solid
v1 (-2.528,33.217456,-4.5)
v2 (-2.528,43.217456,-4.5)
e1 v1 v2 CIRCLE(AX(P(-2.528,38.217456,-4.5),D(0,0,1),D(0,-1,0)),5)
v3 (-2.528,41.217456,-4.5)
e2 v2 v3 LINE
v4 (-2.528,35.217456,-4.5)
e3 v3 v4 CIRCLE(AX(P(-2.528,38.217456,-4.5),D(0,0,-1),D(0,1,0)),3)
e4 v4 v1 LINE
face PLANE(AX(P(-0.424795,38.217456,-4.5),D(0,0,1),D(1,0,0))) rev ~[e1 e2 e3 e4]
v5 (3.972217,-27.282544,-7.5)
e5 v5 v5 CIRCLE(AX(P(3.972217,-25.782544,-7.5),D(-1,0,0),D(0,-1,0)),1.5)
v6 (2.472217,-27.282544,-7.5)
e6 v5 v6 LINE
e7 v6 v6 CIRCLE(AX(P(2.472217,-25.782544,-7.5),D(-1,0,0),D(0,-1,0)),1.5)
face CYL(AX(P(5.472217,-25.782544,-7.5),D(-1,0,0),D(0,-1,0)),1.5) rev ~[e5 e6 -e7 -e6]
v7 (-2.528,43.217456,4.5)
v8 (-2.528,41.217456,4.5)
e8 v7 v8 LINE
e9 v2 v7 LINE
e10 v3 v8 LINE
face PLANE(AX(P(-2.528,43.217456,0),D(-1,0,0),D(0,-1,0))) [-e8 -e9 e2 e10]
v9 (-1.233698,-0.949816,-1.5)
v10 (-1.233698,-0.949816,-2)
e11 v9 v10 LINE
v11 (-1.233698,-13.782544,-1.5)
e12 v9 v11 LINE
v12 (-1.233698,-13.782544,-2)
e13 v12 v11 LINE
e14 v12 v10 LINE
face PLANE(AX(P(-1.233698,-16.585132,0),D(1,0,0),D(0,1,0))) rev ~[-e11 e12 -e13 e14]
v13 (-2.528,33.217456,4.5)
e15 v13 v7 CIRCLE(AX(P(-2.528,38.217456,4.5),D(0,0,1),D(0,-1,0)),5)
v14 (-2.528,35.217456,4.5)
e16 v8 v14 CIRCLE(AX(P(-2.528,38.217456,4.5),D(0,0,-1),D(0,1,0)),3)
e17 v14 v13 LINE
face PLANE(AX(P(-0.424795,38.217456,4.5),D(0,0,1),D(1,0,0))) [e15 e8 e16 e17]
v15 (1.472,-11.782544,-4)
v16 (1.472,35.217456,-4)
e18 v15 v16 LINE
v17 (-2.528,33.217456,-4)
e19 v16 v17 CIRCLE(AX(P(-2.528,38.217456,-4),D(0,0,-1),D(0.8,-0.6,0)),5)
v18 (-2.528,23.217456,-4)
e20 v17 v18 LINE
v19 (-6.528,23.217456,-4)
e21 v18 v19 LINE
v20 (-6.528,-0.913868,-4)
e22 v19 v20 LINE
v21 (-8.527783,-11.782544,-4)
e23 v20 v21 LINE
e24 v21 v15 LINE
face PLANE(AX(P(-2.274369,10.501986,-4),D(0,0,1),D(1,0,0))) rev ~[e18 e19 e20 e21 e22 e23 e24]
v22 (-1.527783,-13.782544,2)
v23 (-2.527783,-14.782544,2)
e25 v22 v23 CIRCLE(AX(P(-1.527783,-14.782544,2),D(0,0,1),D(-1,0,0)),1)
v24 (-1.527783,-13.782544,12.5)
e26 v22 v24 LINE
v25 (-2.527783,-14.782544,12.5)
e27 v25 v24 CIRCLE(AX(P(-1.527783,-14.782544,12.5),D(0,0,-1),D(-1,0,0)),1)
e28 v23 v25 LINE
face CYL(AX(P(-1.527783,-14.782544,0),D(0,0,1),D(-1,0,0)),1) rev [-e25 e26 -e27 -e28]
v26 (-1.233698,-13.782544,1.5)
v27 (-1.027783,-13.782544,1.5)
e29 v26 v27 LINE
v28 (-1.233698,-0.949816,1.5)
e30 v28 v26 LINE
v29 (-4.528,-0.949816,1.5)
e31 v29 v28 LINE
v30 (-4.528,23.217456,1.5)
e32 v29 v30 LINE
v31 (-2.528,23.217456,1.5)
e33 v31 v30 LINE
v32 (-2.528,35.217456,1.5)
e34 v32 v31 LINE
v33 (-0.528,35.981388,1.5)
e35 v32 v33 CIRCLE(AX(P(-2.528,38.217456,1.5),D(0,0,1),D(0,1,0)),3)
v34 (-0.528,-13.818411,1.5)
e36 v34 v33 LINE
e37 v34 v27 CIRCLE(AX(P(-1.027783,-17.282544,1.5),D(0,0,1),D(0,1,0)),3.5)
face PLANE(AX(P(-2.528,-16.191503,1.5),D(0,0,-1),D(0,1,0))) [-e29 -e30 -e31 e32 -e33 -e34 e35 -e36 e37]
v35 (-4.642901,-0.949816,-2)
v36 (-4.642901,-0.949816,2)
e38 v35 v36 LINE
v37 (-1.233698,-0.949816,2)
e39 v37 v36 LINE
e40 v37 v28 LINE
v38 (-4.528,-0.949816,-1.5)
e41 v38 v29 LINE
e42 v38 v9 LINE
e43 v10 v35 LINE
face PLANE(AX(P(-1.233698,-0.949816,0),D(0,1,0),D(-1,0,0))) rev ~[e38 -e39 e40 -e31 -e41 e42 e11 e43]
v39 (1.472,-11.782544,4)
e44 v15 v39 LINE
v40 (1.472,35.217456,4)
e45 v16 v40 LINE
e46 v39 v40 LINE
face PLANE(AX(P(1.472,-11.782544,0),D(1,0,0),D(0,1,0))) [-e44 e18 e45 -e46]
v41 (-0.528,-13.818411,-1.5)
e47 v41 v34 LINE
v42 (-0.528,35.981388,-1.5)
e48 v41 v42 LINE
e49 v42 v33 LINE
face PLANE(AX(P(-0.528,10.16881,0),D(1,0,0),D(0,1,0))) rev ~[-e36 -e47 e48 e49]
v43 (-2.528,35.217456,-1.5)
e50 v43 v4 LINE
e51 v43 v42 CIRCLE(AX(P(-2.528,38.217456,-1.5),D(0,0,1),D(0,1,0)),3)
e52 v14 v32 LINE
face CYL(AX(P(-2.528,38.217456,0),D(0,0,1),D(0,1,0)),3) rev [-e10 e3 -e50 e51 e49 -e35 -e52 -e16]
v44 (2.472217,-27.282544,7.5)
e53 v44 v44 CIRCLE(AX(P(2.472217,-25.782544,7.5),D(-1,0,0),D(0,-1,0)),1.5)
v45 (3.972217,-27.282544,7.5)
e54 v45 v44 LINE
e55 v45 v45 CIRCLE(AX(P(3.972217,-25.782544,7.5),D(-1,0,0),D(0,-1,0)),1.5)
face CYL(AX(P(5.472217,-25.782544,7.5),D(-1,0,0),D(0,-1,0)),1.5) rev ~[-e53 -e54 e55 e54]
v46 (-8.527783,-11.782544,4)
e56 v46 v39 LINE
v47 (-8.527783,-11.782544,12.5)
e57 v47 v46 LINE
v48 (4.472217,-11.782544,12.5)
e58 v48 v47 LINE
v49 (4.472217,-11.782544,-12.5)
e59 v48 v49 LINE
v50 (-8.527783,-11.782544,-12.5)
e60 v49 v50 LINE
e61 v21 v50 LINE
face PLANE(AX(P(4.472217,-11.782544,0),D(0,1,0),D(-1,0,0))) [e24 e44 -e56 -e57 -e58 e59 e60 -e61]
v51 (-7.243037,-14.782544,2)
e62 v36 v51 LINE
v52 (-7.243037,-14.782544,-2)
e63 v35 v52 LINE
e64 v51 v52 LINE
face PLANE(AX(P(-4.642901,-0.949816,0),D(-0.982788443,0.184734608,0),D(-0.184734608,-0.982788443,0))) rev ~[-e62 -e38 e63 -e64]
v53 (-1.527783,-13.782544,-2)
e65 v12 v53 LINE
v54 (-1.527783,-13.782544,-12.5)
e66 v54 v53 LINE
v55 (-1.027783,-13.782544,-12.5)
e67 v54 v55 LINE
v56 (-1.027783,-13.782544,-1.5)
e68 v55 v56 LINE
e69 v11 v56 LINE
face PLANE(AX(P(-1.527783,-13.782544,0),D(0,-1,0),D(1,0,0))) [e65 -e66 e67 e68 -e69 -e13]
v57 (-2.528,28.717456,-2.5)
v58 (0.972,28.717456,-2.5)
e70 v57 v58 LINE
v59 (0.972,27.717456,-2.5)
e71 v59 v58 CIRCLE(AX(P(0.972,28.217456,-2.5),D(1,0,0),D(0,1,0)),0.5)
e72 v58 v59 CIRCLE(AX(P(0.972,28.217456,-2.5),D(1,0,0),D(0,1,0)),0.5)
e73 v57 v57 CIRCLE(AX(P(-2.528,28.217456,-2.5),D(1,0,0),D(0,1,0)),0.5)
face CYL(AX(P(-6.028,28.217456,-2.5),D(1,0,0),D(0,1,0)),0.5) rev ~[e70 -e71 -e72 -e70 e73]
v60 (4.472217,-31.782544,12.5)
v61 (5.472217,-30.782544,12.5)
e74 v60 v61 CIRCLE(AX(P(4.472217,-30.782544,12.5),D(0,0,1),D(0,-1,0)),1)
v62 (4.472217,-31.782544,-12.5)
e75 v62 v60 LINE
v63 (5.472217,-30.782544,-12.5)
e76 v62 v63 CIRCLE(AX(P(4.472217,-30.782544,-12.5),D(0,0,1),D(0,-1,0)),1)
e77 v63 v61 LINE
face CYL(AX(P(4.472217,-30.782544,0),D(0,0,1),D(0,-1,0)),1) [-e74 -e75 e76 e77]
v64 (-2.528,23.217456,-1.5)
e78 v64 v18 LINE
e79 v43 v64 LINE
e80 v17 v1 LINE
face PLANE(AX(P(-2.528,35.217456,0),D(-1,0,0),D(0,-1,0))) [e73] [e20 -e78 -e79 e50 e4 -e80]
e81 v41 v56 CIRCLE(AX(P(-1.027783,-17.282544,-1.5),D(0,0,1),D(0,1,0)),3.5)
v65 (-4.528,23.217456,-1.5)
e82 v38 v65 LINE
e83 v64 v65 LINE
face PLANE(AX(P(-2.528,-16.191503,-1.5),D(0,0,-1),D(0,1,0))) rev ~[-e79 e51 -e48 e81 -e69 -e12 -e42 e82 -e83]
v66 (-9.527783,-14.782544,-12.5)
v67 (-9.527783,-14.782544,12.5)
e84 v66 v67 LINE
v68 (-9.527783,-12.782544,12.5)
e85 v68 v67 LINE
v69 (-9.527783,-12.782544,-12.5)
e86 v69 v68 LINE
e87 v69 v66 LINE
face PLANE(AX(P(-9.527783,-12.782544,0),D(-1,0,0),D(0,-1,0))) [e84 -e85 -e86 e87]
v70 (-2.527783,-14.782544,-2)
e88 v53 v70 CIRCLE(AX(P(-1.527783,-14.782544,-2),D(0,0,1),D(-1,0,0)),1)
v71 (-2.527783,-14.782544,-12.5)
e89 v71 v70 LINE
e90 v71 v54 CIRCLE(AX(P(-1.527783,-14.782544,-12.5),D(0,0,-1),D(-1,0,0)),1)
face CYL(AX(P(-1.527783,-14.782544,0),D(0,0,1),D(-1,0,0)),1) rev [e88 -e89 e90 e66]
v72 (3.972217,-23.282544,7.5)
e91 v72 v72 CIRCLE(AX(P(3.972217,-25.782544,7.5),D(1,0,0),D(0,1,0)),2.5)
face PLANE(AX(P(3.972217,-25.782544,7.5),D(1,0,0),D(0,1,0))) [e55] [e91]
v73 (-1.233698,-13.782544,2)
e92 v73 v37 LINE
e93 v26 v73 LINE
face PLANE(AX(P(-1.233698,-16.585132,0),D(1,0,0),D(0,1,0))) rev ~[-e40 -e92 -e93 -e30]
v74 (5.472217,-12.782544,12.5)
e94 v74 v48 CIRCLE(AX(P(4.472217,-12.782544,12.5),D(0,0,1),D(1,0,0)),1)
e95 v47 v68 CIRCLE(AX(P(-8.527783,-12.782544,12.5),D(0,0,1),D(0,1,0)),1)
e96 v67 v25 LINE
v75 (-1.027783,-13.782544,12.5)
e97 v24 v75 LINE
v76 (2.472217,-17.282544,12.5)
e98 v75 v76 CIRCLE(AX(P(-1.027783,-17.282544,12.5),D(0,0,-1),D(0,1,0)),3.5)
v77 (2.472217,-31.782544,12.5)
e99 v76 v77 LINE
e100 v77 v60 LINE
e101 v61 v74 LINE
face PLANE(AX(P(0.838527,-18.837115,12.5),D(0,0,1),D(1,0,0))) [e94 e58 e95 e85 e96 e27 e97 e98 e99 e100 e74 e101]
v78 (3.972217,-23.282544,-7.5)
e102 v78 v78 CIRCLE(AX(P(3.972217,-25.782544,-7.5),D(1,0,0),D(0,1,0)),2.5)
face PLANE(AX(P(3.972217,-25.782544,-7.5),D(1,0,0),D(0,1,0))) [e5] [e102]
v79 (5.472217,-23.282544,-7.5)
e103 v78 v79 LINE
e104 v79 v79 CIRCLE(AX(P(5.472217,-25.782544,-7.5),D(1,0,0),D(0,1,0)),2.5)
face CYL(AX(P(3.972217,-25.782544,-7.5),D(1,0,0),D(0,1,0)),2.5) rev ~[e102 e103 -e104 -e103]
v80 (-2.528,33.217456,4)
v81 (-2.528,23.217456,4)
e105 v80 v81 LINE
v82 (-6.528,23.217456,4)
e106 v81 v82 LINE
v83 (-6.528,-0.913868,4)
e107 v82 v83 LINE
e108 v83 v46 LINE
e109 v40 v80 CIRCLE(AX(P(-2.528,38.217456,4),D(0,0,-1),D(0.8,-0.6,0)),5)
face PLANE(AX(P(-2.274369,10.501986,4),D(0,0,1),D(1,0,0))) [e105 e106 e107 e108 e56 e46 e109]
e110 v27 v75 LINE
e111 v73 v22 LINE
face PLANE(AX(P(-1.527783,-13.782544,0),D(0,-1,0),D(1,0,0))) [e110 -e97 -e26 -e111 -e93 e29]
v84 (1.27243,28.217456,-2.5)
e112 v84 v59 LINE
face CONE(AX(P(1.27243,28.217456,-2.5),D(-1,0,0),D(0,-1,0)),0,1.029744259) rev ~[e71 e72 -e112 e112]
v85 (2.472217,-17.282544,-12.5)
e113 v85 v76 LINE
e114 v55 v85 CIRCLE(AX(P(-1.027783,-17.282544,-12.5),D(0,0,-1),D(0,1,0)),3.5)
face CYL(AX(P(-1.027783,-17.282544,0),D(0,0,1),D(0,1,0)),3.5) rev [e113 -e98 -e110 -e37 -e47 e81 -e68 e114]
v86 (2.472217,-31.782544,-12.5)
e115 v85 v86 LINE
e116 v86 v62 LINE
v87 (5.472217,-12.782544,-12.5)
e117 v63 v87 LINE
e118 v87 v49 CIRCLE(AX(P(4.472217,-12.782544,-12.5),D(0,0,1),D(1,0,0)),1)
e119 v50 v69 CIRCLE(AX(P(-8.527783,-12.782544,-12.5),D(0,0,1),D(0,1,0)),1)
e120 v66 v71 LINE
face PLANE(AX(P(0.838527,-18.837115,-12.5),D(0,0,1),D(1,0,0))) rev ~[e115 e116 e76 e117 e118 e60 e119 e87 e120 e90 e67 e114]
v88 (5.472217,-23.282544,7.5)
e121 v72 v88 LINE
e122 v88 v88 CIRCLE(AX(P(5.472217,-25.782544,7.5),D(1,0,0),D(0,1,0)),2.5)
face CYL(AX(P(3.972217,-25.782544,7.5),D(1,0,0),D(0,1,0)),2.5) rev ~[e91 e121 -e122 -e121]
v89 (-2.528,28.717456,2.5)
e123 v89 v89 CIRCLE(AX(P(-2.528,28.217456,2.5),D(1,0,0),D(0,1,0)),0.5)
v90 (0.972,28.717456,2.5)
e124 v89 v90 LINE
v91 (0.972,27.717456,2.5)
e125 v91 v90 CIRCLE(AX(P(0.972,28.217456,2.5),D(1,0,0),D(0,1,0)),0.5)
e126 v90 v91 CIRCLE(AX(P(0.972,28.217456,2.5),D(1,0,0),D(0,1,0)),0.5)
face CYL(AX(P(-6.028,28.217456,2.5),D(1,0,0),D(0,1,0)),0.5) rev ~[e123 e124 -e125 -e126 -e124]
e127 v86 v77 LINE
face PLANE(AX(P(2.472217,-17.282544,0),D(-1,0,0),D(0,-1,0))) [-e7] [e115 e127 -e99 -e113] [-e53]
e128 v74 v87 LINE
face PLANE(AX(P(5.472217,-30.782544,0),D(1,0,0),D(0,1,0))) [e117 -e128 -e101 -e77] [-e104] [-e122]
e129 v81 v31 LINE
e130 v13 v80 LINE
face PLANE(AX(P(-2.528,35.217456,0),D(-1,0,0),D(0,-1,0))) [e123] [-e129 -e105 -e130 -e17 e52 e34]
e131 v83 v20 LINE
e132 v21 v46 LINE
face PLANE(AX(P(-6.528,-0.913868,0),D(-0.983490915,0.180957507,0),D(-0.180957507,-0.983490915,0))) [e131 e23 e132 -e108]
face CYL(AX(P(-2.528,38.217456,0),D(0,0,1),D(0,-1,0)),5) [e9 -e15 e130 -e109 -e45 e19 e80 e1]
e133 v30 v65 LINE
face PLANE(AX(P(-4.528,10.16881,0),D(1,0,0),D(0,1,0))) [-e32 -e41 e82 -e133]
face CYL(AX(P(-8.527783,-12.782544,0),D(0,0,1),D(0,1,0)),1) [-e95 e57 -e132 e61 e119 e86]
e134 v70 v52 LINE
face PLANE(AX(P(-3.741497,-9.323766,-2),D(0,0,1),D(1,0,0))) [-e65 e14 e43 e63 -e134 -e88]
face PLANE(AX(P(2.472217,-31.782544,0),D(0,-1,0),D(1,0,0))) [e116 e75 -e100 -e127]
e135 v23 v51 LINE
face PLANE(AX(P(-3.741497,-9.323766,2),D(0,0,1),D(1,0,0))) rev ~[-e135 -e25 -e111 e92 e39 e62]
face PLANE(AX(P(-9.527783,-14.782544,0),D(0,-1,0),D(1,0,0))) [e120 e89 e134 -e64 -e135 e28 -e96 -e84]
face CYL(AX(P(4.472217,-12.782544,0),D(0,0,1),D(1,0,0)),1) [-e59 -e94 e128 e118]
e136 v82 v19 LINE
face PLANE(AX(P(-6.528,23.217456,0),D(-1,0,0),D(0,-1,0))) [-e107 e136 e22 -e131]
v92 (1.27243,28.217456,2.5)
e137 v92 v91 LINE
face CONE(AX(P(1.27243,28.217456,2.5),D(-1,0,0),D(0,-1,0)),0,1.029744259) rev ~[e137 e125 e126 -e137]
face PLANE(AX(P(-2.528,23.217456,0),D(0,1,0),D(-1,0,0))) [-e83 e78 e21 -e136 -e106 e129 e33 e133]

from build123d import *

# Parameters (mm, degrees)
F1_DEPTH       = 12.5
F3_D           = 3
F3_CBORE_D     = 5
F3_CBORE_DEPTH = 1.5
F4_DEPTH       = 4
F5_DEPTH       = 4.5
F7_W           = 52.7206266809
F7_H           = 3
F8_DEPTH       = 2
F10_DEPTH      = 2
F12_D          = 1
F12_DEPTH      = 3.5
F12_TIP        = 0.3004303095


with BuildPart() as f1:
    # F0 (on Top) → F1 (new body, symmetric)
    with BuildSketch(Plane.XY):
        with BuildLine():
            Line((-6.5277831331, -11.7825440413), (-8.5277831331, -11.7825440413))
            ThreePointArc((-8.5277831331, -11.7825440413), (-9.2348899143, -12.0754372601), (-9.5277831331, -12.7825440413))
            Line((-9.5277831331, -12.7825440413), (-9.5277831331, -14.7825440413))
            Line((-9.5277831331, -14.7825440413), (-2.5277831331, -14.7825440413))
            ThreePointArc((-2.5277831331, -14.7825440413), (-2.2348899143, -14.0754372601), (-1.5277831331, -13.7825440413))
            Line((-1.5277831331, -13.7825440413), (-1.0277831331, -13.7825440413))
            ThreePointArc((-1.0277831331, -13.7825440413), (1.4470906011, -14.8076703072), (2.4722168669, -17.2825440413))
            Line((2.4722168669, -17.2825440413), (2.4722168669, -31.7825440413))
            Line((2.4722168669, -31.7825440413), (4.4722168669, -31.7825440413))
            ThreePointArc((4.4722168669, -31.7825440413), (5.1793236481, -31.4896508225), (5.4722168669, -30.7825440413))
            Line((5.4722168669, -30.7825440413), (5.4722168669, -12.7825440413))
            ThreePointArc((5.4722168669, -12.7825440413), (5.1793236481, -12.0754372601), (4.4722168669, -11.7825440413))
            Line((4.4722168669, -11.7825440413), (1.472, -11.7825440413))
            Line((1.472, -11.7825440413), (-6.5277831331, -11.7825440413))
        make_face()
    extrude(amount=F1_DEPTH, both=True)

    # F3 (through all)
    with Locations(Plane.YZ.offset(5.4722168669)):
        with Locations((-25.7825440413, 7.5), (-25.7825440413, -7.5)):
            CounterBoreHole(F3_D / 2, F3_CBORE_D / 2, F3_CBORE_DEPTH)

    # F0 (on Top) → F4 (join, symmetric)
    with BuildSketch(Plane.XY):
        with BuildLine():
            Line((-6.528, -0.9138678433), (-8.5277831331, -11.7825440413))
            Line((-8.5277831331, -11.7825440413), (-6.5277831331, -11.7825440413))
            Line((-6.5277831331, -11.7825440413), (1.472, -11.7825440413))
            Line((1.472, -11.7825440413), (1.472, 35.2174559587))
            ThreePointArc((1.472, 35.2174559587), (-0.2919320225, 33.7453200037), (-2.528, 33.2174559587))
            Line((-2.528, 33.2174559587), (-2.528, 23.2174559587))
            Line((-2.528, 23.2174559587), (-6.528, 23.2174559587))
            Line((-6.528, 23.2174559587), (-6.528, -0.9138678433))
        make_face()
    extrude(amount=F4_DEPTH, both=True)

    # F0 (on Top) → F5 (join, symmetric)
    with BuildSketch(Plane.XY):
        with BuildLine():
            ThreePointArc((-2.528, 33.2174559587), (-0.2919320225, 33.7453200037), (1.472, 35.2174559587))
            ThreePointArc((1.472, 35.2174559587), (1.944135955, 40.4535239362), (-2.528, 43.2174559587))
            Line((-2.528, 43.2174559587), (-2.528, 41.2174559587))
            ThreePointArc((-2.528, 41.2174559587), (0.472, 38.2174559587), (-2.528, 35.2174559587))
            Line((-2.528, 35.2174559587), (-2.528, 33.2174559587))
        make_face()
    extrude(amount=F5_DEPTH, both=True)

    # F7 (on offset) → F8 (cut, symmetric)
    with BuildSketch(Plane.YZ.offset(-2.528)):
        with Locations((10.1688103074, 0)):
            Rectangle(F7_W, F7_H)
    extrude(amount=F8_DEPTH, both=True, mode=Mode.SUBTRACT)

    # F9 (on Top) → F10 (cut, symmetric)
    with BuildSketch(Plane.XY):
        Polygon((-1.2336979853, -0.9498164291), (-4.6429014765, -0.9498164291), (-7.5818696059, -16.5851321071), (-1.2336979853, -16.5851321071), align=None)
    extrude(amount=F10_DEPTH, both=True, mode=Mode.SUBTRACT)

    # F12
    with Locations(Plane(origin=(-2.528, 0, 0), x_dir=(0, -1, 0), z_dir=(-1, 0, 0))):
        with Locations((-28.2174559587, -2.5), (-28.2174559587, 2.5)):
            Hole(F12_D / 2, depth=F12_DEPTH)
            with Locations((0, 0, -(F12_DEPTH + F12_TIP / 2))):  # 118° drill point
                Cone(0, F12_D / 2, F12_TIP, mode=Mode.SUBTRACT)


solid = f1.part
